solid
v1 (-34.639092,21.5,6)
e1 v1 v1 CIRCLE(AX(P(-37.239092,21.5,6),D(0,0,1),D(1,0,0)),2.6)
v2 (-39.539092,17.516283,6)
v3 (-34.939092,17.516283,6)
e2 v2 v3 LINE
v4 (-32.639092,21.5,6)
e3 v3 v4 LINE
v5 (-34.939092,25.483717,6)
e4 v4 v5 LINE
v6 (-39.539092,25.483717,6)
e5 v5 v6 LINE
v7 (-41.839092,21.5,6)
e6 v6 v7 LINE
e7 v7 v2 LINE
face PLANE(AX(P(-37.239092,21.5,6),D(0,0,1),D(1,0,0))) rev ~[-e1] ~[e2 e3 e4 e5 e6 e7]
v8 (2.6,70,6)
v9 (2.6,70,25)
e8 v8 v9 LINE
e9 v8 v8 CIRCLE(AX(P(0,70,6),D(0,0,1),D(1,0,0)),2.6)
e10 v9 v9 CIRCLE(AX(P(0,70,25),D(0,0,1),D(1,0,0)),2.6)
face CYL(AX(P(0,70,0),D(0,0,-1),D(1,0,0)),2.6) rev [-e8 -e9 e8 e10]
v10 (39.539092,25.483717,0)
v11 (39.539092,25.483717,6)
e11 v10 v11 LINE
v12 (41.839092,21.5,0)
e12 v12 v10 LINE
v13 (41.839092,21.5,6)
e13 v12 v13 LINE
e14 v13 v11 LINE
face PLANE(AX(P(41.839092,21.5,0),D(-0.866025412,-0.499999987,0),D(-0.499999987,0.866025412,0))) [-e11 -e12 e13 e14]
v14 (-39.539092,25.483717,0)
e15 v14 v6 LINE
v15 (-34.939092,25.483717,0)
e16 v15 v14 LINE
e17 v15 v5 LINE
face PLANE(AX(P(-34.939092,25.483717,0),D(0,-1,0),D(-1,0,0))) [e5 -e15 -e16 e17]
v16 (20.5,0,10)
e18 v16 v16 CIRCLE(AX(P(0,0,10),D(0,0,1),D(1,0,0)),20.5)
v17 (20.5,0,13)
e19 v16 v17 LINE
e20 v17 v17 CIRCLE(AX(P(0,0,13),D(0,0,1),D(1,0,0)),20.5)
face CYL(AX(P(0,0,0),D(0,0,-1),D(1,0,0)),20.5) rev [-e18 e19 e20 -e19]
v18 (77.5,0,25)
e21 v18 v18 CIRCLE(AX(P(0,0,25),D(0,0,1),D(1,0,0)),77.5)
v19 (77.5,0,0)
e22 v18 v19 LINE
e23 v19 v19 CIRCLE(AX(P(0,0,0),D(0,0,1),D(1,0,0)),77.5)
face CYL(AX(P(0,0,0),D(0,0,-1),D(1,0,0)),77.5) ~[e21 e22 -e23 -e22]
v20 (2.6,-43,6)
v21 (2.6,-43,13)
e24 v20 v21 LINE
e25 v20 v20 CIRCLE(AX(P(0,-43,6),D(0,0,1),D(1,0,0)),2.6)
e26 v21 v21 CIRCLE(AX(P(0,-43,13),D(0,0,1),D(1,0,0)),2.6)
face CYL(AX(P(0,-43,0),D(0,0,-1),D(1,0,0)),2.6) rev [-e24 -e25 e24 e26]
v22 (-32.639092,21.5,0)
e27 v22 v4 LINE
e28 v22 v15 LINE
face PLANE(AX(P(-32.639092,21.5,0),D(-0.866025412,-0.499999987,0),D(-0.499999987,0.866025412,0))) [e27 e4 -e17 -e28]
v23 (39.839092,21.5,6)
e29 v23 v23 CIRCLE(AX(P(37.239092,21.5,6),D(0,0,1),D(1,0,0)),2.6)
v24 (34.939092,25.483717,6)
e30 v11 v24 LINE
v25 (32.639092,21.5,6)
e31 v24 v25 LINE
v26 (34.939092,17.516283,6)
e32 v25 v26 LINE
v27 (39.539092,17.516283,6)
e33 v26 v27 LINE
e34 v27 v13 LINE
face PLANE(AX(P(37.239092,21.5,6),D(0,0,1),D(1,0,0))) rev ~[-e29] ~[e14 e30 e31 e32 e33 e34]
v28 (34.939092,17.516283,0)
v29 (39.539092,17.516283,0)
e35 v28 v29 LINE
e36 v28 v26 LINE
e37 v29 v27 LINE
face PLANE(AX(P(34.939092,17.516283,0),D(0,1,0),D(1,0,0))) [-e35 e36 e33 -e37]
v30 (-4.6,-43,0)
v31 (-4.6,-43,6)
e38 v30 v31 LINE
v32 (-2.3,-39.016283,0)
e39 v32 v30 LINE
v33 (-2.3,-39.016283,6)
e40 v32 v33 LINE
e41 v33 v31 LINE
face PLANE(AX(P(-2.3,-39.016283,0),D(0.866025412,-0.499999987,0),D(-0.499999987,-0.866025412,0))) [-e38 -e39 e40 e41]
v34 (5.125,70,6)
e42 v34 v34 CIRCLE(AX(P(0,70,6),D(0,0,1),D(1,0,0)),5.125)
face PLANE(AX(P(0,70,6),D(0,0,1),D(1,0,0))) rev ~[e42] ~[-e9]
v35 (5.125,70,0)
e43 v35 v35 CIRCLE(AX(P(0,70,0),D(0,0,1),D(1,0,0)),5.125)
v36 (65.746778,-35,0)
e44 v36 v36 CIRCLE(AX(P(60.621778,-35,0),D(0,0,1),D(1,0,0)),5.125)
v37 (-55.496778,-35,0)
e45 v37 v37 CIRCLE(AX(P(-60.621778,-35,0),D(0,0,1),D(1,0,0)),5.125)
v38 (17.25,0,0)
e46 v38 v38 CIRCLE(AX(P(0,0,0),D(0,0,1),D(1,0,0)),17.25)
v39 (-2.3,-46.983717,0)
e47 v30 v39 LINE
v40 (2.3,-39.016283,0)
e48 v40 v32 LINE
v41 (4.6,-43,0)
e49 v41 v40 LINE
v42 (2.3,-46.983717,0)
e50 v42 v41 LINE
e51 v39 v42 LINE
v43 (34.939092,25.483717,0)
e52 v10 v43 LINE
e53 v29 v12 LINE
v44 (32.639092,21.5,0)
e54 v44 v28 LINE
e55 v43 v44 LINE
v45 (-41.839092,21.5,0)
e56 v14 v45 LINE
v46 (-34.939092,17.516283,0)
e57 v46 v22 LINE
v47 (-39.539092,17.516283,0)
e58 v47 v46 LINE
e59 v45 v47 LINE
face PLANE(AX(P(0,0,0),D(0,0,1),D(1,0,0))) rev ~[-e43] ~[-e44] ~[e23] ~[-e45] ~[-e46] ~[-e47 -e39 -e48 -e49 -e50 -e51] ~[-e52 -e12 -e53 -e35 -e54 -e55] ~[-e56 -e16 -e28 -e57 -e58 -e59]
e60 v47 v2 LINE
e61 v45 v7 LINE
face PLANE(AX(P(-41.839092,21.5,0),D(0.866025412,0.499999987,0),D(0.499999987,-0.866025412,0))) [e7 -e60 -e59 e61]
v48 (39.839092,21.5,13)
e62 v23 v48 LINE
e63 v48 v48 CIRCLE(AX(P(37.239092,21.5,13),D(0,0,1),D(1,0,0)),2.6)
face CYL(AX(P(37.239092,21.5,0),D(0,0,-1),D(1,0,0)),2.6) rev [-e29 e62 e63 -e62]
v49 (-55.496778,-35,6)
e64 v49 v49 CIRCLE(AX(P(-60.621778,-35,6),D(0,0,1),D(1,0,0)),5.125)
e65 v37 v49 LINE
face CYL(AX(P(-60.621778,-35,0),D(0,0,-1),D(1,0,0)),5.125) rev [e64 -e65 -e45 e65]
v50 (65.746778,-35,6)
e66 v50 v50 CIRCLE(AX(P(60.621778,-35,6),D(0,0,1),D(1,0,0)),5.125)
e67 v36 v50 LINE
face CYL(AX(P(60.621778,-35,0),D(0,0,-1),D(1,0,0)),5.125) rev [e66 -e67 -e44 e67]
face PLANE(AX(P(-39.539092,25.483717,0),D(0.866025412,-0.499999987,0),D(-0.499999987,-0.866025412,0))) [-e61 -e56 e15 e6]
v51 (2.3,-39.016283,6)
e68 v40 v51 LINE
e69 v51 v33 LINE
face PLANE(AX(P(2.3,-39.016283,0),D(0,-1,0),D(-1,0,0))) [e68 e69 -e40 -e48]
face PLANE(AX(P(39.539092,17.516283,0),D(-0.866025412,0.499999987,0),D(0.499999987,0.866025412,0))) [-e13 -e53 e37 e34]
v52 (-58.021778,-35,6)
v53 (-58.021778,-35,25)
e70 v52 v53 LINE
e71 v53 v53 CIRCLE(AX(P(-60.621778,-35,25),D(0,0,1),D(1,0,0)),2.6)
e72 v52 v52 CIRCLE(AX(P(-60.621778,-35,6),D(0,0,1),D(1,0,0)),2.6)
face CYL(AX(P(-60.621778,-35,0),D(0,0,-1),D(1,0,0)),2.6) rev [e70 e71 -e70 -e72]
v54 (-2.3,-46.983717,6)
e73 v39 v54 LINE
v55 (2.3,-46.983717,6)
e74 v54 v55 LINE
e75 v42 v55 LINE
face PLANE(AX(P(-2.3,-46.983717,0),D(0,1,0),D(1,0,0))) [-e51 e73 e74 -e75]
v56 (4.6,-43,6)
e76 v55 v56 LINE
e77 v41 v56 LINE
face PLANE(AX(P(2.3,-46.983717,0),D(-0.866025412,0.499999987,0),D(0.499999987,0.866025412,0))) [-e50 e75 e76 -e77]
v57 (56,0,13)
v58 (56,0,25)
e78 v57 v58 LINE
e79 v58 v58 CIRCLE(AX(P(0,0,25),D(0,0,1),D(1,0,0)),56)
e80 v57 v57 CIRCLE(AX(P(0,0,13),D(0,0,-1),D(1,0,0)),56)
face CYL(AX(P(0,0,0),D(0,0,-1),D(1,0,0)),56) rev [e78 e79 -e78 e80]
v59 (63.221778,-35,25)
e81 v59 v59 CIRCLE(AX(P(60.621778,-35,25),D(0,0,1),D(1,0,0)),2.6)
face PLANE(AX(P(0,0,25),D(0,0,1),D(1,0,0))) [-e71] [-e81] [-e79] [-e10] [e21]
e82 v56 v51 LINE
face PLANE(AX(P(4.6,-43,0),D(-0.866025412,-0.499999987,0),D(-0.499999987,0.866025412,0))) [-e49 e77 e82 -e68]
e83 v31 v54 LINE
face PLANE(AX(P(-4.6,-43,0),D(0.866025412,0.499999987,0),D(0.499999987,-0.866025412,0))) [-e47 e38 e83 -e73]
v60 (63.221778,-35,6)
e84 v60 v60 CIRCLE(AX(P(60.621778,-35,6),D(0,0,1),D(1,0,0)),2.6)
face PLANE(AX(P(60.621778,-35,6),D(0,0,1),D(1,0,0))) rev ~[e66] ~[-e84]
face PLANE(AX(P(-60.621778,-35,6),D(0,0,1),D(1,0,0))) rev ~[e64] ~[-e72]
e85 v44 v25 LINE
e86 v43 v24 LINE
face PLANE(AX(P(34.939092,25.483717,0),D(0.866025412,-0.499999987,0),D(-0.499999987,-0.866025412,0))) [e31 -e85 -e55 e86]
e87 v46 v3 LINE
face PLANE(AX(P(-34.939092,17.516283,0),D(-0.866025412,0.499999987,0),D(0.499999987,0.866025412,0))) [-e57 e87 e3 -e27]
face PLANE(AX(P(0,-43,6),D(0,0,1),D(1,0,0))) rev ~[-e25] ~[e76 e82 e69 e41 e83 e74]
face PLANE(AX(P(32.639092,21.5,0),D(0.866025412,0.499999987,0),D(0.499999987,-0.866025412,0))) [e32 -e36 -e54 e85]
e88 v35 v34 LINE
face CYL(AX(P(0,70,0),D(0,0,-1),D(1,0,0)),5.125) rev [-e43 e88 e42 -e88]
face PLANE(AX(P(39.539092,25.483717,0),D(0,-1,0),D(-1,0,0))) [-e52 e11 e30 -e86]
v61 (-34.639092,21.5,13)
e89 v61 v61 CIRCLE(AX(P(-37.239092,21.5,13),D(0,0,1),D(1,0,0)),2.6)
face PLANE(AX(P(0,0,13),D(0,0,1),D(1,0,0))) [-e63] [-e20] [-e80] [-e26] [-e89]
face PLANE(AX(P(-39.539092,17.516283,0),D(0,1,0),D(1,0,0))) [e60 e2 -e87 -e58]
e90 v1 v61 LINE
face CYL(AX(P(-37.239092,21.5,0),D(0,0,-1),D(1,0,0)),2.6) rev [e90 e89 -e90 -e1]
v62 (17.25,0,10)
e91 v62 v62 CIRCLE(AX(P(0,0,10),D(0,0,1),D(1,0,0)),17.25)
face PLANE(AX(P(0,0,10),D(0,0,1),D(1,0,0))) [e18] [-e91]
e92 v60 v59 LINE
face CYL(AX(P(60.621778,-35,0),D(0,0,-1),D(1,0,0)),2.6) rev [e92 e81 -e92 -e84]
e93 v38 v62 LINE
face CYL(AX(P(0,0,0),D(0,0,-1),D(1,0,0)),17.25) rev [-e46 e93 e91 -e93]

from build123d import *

# Parameters (mm, degrees)
F0_R     = 77.5
F0_R_2   = 5.125
F0_R_3   = 56
F0_R_4   = 20.5
F0_R_5   = 2.6
F1_DEPTH = 13
F2_DEPTH = 25
F0_R_6   = 17.25
F3_DEPTH = 10
F4_DEPTH = 6
F5_DEPTH = 6


with BuildPart() as f1:
    # F0 (on Top) → F1 (new body)
    with BuildSketch(Plane.XY):
        Circle(F0_R)
        with Locations((-60.621778, -35)):
            Circle(F0_R_2, mode=Mode.SUBTRACT)
        with Locations((60.621778, -35)):
            Circle(F0_R_2, mode=Mode.SUBTRACT)
        Circle(F0_R_3, mode=Mode.SUBTRACT)
        with Locations((0, 70)):
            Circle(F0_R_2, mode=Mode.SUBTRACT)
        Circle(F0_R_3)
        Polygon((-4.6, -43), (-2.3, -39.016283), (2.3, -39.016283), (4.6, -43), (2.3, -46.983717), (-2.3, -46.983717), align=None, mode=Mode.SUBTRACT)
        Polygon((-34.939092, 25.483717), (-32.639092, 21.5), (-34.939092, 17.516283), (-39.539092, 17.516283), (-41.839092, 21.5), (-39.539092, 25.483717), align=None, mode=Mode.SUBTRACT)
        Circle(F0_R_4, mode=Mode.SUBTRACT)
        Polygon((34.939092, 17.516283), (32.639092, 21.5), (34.939092, 25.483717), (39.539092, 25.483717), (41.839092, 21.5), (39.539092, 17.516283), align=None, mode=Mode.SUBTRACT)
        with Locations((0, 70)):
            Circle(F0_R_2)
        with Locations((0, 70)):
            Circle(F0_R_5, mode=Mode.SUBTRACT)
        Polygon((-34.939092, 17.516283), (-32.639092, 21.5), (-34.939092, 25.483717), (-39.539092, 25.483717), (-41.839092, 21.5), (-39.539092, 17.516283), align=None)
        with Locations((-37.239092, 21.5)):
            Circle(F0_R_5, mode=Mode.SUBTRACT)
        Polygon((34.939092, 25.483717), (32.639092, 21.5), (34.939092, 17.516283), (39.539092, 17.516283), (41.839092, 21.5), (39.539092, 25.483717), align=None)
        with Locations((37.239092, 21.5)):
            Circle(F0_R_5, mode=Mode.SUBTRACT)
        with Locations((60.621778, -35)):
            Circle(F0_R_2)
        with Locations((60.621778, -35)):
            Circle(F0_R_5, mode=Mode.SUBTRACT)
        Polygon((2.3, -39.016283), (-2.3, -39.016283), (-4.6, -43), (-2.3, -46.983717), (2.3, -46.983717), (4.6, -43), align=None)
        with Locations((0, -43)):
            Circle(F0_R_5, mode=Mode.SUBTRACT)
        with Locations((-60.621778, -35)):
            Circle(F0_R_2)
        with Locations((-60.621778, -35)):
            Circle(F0_R_5, mode=Mode.SUBTRACT)
    extrude(amount=F1_DEPTH)

    # F0 (on Top) → F2 (join)
    with BuildSketch(Plane.XY):
        Circle(F0_R)
        with Locations((-60.621778, -35)):
            Circle(F0_R_2, mode=Mode.SUBTRACT)
        with Locations((60.621778, -35)):
            Circle(F0_R_2, mode=Mode.SUBTRACT)
        Circle(F0_R_3, mode=Mode.SUBTRACT)
        with Locations((0, 70)):
            Circle(F0_R_2, mode=Mode.SUBTRACT)
        with Locations((0, 70)):
            Circle(F0_R_2)
        with Locations((0, 70)):
            Circle(F0_R_5, mode=Mode.SUBTRACT)
        with Locations((60.621778, -35)):
            Circle(F0_R_2)
        with Locations((60.621778, -35)):
            Circle(F0_R_5, mode=Mode.SUBTRACT)
        with Locations((-60.621778, -35)):
            Circle(F0_R_2)
        with Locations((-60.621778, -35)):
            Circle(F0_R_5, mode=Mode.SUBTRACT)
    extrude(amount=F2_DEPTH)

    # F0 (on Top) → F3 (join)
    with BuildSketch(Plane.XY):
        Circle(F0_R_4)
        Circle(F0_R_6, mode=Mode.SUBTRACT)
    extrude(amount=F3_DEPTH)

    # F0 (on Top) → F4 (cut)
    with BuildSketch(Plane.XY):
        with Locations((0, 70)):
            Circle(F0_R_2)
        with Locations((0, 70)):
            Circle(F0_R_5, mode=Mode.SUBTRACT)
        with Locations((-60.621778, -35)):
            Circle(F0_R_2)
        with Locations((-60.621778, -35)):
            Circle(F0_R_5, mode=Mode.SUBTRACT)
        with Locations((60.621778, -35)):
            Circle(F0_R_2)
        with Locations((60.621778, -35)):
            Circle(F0_R_5, mode=Mode.SUBTRACT)
    extrude(amount=F4_DEPTH, mode=Mode.SUBTRACT)

    # F0 (on Top) → F5 (cut)
    with BuildSketch(Plane.XY):
        Polygon((34.939092, 25.483717), (32.639092, 21.5), (34.939092, 17.516283), (39.539092, 17.516283), (41.839092, 21.5), (39.539092, 25.483717), align=None)
        with Locations((37.239092, 21.5)):
            Circle(F0_R_5, mode=Mode.SUBTRACT)
        Polygon((-34.939092, 17.516283), (-32.639092, 21.5), (-34.939092, 25.483717), (-39.539092, 25.483717), (-41.839092, 21.5), (-39.539092, 17.516283), align=None)
        with Locations((-37.239092, 21.5)):
            Circle(F0_R_5, mode=Mode.SUBTRACT)
        Polygon((2.3, -39.016283), (-2.3, -39.016283), (-4.6, -43), (-2.3, -46.983717), (2.3, -46.983717), (4.6, -43), align=None)
        with Locations((0, -43)):
            Circle(F0_R_5, mode=Mode.SUBTRACT)
    extrude(amount=F5_DEPTH, mode=Mode.SUBTRACT)


solid = f1.part
